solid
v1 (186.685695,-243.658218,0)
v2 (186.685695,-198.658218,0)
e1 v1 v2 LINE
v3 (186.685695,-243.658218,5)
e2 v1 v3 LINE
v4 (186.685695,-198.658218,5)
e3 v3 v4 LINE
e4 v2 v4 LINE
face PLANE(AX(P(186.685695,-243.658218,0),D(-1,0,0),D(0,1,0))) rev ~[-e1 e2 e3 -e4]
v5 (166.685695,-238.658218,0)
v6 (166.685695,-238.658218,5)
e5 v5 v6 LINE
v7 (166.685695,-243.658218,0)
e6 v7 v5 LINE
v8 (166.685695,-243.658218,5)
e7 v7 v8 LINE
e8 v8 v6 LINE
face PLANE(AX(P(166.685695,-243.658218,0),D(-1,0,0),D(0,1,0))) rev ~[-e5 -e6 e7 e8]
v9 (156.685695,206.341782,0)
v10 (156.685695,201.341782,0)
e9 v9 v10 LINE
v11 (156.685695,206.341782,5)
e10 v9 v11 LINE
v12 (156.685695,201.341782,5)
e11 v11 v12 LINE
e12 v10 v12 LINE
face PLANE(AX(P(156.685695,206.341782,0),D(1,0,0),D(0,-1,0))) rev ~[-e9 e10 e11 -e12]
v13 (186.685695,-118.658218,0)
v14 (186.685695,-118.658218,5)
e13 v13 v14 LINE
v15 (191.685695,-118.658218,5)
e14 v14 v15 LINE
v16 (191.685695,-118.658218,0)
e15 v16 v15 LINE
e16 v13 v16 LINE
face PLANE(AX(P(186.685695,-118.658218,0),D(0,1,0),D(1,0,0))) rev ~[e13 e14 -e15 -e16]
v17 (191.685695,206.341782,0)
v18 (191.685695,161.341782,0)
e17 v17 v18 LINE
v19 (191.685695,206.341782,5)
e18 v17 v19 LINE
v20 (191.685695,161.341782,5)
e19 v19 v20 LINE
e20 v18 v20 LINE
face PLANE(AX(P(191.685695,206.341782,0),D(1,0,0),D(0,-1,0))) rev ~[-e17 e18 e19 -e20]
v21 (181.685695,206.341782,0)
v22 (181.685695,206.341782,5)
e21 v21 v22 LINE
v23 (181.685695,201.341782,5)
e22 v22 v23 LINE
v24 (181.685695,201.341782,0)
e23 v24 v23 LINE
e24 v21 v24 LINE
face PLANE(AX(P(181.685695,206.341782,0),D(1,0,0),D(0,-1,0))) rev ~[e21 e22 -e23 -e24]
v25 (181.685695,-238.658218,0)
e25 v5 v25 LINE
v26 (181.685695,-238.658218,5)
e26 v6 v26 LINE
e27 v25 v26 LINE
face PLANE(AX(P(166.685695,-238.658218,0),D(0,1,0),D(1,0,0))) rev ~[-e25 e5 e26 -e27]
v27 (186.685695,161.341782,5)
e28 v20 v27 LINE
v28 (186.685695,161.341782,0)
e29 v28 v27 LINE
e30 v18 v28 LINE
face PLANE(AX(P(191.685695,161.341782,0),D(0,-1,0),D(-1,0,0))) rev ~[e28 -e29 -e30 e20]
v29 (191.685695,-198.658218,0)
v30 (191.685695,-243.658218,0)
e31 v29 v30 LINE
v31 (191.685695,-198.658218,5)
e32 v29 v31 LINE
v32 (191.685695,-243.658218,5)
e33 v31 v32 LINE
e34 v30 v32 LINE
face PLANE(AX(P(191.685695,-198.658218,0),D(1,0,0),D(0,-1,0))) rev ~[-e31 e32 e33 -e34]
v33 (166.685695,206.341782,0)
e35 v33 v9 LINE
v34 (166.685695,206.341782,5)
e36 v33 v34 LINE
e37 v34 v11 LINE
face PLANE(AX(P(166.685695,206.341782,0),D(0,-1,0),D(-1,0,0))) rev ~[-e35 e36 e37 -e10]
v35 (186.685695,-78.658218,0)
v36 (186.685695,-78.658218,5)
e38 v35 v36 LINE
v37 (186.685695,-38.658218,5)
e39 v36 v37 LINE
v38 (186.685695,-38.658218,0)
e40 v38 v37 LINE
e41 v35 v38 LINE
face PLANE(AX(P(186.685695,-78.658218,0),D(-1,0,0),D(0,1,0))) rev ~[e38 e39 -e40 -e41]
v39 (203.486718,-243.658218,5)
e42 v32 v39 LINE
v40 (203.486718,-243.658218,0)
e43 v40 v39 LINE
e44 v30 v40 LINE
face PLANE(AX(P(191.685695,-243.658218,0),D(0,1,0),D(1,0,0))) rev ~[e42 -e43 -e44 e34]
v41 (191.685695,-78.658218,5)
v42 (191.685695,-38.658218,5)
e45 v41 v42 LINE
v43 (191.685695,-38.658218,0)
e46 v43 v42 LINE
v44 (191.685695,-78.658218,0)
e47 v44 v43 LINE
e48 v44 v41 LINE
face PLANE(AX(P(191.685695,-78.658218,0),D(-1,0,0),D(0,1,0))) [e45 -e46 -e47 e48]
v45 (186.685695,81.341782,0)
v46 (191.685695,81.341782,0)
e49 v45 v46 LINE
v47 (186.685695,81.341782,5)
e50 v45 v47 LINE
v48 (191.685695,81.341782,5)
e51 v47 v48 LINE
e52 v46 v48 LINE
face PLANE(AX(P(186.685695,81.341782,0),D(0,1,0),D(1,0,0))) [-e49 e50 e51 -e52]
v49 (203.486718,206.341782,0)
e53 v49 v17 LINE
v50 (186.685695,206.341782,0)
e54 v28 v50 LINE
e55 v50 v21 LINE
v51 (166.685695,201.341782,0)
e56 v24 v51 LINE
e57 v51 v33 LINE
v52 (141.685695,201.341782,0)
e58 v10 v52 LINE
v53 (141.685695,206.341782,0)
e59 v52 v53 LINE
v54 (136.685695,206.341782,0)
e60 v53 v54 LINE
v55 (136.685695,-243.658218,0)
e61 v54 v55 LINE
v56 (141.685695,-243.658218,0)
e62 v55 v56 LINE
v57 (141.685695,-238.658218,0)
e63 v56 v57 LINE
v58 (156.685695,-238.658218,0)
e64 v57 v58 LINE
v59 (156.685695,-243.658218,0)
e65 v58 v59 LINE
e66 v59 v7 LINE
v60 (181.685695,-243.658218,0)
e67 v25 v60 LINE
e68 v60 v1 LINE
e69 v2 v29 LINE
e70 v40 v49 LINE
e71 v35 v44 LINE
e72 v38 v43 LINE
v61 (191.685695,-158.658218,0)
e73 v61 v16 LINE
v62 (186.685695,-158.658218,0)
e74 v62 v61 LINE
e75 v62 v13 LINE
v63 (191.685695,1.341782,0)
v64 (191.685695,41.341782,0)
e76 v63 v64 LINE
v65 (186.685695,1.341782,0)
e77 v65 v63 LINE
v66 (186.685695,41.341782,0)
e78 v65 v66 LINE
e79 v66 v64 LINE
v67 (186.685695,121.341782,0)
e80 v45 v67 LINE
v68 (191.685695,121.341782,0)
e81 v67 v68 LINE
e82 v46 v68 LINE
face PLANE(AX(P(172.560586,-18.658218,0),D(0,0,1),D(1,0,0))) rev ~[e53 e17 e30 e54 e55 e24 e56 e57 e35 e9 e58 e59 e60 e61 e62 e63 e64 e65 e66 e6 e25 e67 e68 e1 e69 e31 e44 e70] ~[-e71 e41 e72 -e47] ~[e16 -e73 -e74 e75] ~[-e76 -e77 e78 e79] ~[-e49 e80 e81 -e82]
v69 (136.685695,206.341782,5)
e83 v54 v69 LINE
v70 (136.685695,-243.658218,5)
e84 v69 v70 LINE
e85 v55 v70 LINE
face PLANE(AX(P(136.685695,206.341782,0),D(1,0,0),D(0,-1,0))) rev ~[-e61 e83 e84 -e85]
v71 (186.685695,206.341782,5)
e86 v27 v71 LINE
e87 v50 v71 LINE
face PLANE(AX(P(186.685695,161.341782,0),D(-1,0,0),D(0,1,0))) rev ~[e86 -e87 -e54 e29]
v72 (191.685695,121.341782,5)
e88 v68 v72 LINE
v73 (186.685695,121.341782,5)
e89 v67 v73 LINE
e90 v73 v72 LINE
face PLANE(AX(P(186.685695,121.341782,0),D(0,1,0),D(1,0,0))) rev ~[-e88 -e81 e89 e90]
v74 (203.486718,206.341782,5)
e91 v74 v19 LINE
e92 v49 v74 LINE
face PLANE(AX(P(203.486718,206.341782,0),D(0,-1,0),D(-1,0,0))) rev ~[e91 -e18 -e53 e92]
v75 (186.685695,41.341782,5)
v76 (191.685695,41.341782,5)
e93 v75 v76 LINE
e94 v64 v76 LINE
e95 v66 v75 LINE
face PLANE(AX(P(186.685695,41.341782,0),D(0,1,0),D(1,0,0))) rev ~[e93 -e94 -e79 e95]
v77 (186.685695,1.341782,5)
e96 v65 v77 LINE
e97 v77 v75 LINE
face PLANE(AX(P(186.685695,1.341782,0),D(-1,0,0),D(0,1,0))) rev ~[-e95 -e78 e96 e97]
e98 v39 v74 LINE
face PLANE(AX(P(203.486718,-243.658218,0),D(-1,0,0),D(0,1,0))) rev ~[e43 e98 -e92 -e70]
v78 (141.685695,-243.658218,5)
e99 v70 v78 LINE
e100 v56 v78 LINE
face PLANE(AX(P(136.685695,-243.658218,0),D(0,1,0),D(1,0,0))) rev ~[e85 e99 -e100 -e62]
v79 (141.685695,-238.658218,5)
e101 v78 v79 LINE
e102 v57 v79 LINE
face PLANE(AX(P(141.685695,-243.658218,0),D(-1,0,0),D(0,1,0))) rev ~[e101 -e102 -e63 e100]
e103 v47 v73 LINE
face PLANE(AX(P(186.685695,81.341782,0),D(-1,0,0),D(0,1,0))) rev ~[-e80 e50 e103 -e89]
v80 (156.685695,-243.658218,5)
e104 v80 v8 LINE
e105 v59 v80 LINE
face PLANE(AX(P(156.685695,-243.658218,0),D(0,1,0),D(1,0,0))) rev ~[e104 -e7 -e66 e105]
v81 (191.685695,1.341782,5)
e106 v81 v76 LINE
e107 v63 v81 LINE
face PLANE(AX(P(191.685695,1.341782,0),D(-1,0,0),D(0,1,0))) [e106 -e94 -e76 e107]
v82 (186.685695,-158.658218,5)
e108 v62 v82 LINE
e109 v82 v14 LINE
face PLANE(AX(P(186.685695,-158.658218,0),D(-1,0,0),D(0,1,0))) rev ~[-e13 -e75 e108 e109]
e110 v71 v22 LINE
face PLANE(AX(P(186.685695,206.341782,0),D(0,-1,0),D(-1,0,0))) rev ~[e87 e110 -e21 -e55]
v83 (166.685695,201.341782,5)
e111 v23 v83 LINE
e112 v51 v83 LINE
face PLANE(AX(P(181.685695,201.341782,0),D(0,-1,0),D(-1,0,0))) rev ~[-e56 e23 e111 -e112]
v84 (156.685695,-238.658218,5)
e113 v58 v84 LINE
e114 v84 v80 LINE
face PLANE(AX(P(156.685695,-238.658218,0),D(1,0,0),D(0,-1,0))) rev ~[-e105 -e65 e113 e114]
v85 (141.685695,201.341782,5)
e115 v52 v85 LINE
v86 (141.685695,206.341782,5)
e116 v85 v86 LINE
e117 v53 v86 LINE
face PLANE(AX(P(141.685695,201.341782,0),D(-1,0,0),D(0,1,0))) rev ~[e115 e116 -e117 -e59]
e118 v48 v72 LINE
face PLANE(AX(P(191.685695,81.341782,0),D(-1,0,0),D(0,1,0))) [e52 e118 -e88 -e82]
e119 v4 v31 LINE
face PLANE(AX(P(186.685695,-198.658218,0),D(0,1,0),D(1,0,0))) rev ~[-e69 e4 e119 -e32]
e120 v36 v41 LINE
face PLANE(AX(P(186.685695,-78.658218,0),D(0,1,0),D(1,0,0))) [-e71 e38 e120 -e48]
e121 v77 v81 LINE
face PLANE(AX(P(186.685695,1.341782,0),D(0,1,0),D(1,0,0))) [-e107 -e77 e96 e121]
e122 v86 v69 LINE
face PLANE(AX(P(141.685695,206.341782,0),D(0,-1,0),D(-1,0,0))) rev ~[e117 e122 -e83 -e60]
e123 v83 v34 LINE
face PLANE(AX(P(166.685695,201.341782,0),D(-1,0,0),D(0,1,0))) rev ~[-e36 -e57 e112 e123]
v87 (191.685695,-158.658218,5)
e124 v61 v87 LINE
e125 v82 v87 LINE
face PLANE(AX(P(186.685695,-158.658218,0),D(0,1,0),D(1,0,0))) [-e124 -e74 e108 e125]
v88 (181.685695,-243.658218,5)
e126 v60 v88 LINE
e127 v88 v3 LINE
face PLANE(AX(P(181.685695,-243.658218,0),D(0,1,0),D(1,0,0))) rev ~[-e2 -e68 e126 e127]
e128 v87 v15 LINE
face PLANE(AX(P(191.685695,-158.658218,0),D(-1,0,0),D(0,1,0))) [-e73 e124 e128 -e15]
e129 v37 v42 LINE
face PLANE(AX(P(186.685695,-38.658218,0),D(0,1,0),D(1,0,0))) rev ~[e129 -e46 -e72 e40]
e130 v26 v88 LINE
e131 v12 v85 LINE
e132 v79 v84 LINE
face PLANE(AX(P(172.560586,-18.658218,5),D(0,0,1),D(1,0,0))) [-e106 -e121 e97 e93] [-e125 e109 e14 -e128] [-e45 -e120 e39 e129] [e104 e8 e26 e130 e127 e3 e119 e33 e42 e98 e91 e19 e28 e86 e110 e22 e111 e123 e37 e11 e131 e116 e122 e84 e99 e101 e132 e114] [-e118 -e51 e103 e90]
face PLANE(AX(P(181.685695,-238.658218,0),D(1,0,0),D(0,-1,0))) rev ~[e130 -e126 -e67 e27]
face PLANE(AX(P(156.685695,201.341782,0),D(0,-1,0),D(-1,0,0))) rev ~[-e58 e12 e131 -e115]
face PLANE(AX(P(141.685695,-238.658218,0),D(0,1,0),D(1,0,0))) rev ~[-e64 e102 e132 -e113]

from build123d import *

# Parameters (mm, degrees)
SKETCH1_W           = 5
SKETCH1_H           = 40
BOSS_EXTRUDE1_DEPTH = 5


with BuildPart() as part:
    # Sketch1 → Boss-Extrude1 (new body)
    with BuildSketch(Plane.XY):
        Polygon((203.486718192, 206.341782002), (191.685694536, 206.341782002), (191.685694536, 161.341782002), (186.685694536, 161.341782002), (186.685694536, 206.341782002), (181.685694536, 206.341782002), (181.685694536, 201.341782002), (166.685694536, 201.341782002), (166.685694536, 206.341782002), (156.685694536, 206.341782002), (156.685694536, 201.341782002), (141.685694536, 201.341782002), (141.685694536, 206.341782002), (136.685694536, 206.341782002), (136.685694536, -243.658217998), (141.685694536, -243.658217998), (141.685694536, -238.658217998), (156.685694536, -238.658217998), (156.685694536, -243.658217998), (166.685694536, -243.658217998), (166.685694536, -238.658217998), (181.685694536, -238.658217998), (181.685694536, -243.658217998), (186.685694536, -243.658217998), (186.685694536, -198.658217998), (191.685694536, -198.658217998), (191.685694536, -243.658217998), (203.486718192, -243.658217998), align=None)
        with Locations((189.185694536, -138.658217998)):
            Rectangle(SKETCH1_W, SKETCH1_H, mode=Mode.SUBTRACT)
        with Locations((189.185694536, -58.658217998)):
            Rectangle(SKETCH1_W, SKETCH1_H, mode=Mode.SUBTRACT)
        with Locations((189.185694536, 21.341782002)):
            Rectangle(SKETCH1_W, SKETCH1_H, mode=Mode.SUBTRACT)
        with Locations((189.185694536, 101.341782002)):
            Rectangle(SKETCH1_W, SKETCH1_H, mode=Mode.SUBTRACT)
    extrude(amount=BOSS_EXTRUDE1_DEPTH)


solid = part.part
